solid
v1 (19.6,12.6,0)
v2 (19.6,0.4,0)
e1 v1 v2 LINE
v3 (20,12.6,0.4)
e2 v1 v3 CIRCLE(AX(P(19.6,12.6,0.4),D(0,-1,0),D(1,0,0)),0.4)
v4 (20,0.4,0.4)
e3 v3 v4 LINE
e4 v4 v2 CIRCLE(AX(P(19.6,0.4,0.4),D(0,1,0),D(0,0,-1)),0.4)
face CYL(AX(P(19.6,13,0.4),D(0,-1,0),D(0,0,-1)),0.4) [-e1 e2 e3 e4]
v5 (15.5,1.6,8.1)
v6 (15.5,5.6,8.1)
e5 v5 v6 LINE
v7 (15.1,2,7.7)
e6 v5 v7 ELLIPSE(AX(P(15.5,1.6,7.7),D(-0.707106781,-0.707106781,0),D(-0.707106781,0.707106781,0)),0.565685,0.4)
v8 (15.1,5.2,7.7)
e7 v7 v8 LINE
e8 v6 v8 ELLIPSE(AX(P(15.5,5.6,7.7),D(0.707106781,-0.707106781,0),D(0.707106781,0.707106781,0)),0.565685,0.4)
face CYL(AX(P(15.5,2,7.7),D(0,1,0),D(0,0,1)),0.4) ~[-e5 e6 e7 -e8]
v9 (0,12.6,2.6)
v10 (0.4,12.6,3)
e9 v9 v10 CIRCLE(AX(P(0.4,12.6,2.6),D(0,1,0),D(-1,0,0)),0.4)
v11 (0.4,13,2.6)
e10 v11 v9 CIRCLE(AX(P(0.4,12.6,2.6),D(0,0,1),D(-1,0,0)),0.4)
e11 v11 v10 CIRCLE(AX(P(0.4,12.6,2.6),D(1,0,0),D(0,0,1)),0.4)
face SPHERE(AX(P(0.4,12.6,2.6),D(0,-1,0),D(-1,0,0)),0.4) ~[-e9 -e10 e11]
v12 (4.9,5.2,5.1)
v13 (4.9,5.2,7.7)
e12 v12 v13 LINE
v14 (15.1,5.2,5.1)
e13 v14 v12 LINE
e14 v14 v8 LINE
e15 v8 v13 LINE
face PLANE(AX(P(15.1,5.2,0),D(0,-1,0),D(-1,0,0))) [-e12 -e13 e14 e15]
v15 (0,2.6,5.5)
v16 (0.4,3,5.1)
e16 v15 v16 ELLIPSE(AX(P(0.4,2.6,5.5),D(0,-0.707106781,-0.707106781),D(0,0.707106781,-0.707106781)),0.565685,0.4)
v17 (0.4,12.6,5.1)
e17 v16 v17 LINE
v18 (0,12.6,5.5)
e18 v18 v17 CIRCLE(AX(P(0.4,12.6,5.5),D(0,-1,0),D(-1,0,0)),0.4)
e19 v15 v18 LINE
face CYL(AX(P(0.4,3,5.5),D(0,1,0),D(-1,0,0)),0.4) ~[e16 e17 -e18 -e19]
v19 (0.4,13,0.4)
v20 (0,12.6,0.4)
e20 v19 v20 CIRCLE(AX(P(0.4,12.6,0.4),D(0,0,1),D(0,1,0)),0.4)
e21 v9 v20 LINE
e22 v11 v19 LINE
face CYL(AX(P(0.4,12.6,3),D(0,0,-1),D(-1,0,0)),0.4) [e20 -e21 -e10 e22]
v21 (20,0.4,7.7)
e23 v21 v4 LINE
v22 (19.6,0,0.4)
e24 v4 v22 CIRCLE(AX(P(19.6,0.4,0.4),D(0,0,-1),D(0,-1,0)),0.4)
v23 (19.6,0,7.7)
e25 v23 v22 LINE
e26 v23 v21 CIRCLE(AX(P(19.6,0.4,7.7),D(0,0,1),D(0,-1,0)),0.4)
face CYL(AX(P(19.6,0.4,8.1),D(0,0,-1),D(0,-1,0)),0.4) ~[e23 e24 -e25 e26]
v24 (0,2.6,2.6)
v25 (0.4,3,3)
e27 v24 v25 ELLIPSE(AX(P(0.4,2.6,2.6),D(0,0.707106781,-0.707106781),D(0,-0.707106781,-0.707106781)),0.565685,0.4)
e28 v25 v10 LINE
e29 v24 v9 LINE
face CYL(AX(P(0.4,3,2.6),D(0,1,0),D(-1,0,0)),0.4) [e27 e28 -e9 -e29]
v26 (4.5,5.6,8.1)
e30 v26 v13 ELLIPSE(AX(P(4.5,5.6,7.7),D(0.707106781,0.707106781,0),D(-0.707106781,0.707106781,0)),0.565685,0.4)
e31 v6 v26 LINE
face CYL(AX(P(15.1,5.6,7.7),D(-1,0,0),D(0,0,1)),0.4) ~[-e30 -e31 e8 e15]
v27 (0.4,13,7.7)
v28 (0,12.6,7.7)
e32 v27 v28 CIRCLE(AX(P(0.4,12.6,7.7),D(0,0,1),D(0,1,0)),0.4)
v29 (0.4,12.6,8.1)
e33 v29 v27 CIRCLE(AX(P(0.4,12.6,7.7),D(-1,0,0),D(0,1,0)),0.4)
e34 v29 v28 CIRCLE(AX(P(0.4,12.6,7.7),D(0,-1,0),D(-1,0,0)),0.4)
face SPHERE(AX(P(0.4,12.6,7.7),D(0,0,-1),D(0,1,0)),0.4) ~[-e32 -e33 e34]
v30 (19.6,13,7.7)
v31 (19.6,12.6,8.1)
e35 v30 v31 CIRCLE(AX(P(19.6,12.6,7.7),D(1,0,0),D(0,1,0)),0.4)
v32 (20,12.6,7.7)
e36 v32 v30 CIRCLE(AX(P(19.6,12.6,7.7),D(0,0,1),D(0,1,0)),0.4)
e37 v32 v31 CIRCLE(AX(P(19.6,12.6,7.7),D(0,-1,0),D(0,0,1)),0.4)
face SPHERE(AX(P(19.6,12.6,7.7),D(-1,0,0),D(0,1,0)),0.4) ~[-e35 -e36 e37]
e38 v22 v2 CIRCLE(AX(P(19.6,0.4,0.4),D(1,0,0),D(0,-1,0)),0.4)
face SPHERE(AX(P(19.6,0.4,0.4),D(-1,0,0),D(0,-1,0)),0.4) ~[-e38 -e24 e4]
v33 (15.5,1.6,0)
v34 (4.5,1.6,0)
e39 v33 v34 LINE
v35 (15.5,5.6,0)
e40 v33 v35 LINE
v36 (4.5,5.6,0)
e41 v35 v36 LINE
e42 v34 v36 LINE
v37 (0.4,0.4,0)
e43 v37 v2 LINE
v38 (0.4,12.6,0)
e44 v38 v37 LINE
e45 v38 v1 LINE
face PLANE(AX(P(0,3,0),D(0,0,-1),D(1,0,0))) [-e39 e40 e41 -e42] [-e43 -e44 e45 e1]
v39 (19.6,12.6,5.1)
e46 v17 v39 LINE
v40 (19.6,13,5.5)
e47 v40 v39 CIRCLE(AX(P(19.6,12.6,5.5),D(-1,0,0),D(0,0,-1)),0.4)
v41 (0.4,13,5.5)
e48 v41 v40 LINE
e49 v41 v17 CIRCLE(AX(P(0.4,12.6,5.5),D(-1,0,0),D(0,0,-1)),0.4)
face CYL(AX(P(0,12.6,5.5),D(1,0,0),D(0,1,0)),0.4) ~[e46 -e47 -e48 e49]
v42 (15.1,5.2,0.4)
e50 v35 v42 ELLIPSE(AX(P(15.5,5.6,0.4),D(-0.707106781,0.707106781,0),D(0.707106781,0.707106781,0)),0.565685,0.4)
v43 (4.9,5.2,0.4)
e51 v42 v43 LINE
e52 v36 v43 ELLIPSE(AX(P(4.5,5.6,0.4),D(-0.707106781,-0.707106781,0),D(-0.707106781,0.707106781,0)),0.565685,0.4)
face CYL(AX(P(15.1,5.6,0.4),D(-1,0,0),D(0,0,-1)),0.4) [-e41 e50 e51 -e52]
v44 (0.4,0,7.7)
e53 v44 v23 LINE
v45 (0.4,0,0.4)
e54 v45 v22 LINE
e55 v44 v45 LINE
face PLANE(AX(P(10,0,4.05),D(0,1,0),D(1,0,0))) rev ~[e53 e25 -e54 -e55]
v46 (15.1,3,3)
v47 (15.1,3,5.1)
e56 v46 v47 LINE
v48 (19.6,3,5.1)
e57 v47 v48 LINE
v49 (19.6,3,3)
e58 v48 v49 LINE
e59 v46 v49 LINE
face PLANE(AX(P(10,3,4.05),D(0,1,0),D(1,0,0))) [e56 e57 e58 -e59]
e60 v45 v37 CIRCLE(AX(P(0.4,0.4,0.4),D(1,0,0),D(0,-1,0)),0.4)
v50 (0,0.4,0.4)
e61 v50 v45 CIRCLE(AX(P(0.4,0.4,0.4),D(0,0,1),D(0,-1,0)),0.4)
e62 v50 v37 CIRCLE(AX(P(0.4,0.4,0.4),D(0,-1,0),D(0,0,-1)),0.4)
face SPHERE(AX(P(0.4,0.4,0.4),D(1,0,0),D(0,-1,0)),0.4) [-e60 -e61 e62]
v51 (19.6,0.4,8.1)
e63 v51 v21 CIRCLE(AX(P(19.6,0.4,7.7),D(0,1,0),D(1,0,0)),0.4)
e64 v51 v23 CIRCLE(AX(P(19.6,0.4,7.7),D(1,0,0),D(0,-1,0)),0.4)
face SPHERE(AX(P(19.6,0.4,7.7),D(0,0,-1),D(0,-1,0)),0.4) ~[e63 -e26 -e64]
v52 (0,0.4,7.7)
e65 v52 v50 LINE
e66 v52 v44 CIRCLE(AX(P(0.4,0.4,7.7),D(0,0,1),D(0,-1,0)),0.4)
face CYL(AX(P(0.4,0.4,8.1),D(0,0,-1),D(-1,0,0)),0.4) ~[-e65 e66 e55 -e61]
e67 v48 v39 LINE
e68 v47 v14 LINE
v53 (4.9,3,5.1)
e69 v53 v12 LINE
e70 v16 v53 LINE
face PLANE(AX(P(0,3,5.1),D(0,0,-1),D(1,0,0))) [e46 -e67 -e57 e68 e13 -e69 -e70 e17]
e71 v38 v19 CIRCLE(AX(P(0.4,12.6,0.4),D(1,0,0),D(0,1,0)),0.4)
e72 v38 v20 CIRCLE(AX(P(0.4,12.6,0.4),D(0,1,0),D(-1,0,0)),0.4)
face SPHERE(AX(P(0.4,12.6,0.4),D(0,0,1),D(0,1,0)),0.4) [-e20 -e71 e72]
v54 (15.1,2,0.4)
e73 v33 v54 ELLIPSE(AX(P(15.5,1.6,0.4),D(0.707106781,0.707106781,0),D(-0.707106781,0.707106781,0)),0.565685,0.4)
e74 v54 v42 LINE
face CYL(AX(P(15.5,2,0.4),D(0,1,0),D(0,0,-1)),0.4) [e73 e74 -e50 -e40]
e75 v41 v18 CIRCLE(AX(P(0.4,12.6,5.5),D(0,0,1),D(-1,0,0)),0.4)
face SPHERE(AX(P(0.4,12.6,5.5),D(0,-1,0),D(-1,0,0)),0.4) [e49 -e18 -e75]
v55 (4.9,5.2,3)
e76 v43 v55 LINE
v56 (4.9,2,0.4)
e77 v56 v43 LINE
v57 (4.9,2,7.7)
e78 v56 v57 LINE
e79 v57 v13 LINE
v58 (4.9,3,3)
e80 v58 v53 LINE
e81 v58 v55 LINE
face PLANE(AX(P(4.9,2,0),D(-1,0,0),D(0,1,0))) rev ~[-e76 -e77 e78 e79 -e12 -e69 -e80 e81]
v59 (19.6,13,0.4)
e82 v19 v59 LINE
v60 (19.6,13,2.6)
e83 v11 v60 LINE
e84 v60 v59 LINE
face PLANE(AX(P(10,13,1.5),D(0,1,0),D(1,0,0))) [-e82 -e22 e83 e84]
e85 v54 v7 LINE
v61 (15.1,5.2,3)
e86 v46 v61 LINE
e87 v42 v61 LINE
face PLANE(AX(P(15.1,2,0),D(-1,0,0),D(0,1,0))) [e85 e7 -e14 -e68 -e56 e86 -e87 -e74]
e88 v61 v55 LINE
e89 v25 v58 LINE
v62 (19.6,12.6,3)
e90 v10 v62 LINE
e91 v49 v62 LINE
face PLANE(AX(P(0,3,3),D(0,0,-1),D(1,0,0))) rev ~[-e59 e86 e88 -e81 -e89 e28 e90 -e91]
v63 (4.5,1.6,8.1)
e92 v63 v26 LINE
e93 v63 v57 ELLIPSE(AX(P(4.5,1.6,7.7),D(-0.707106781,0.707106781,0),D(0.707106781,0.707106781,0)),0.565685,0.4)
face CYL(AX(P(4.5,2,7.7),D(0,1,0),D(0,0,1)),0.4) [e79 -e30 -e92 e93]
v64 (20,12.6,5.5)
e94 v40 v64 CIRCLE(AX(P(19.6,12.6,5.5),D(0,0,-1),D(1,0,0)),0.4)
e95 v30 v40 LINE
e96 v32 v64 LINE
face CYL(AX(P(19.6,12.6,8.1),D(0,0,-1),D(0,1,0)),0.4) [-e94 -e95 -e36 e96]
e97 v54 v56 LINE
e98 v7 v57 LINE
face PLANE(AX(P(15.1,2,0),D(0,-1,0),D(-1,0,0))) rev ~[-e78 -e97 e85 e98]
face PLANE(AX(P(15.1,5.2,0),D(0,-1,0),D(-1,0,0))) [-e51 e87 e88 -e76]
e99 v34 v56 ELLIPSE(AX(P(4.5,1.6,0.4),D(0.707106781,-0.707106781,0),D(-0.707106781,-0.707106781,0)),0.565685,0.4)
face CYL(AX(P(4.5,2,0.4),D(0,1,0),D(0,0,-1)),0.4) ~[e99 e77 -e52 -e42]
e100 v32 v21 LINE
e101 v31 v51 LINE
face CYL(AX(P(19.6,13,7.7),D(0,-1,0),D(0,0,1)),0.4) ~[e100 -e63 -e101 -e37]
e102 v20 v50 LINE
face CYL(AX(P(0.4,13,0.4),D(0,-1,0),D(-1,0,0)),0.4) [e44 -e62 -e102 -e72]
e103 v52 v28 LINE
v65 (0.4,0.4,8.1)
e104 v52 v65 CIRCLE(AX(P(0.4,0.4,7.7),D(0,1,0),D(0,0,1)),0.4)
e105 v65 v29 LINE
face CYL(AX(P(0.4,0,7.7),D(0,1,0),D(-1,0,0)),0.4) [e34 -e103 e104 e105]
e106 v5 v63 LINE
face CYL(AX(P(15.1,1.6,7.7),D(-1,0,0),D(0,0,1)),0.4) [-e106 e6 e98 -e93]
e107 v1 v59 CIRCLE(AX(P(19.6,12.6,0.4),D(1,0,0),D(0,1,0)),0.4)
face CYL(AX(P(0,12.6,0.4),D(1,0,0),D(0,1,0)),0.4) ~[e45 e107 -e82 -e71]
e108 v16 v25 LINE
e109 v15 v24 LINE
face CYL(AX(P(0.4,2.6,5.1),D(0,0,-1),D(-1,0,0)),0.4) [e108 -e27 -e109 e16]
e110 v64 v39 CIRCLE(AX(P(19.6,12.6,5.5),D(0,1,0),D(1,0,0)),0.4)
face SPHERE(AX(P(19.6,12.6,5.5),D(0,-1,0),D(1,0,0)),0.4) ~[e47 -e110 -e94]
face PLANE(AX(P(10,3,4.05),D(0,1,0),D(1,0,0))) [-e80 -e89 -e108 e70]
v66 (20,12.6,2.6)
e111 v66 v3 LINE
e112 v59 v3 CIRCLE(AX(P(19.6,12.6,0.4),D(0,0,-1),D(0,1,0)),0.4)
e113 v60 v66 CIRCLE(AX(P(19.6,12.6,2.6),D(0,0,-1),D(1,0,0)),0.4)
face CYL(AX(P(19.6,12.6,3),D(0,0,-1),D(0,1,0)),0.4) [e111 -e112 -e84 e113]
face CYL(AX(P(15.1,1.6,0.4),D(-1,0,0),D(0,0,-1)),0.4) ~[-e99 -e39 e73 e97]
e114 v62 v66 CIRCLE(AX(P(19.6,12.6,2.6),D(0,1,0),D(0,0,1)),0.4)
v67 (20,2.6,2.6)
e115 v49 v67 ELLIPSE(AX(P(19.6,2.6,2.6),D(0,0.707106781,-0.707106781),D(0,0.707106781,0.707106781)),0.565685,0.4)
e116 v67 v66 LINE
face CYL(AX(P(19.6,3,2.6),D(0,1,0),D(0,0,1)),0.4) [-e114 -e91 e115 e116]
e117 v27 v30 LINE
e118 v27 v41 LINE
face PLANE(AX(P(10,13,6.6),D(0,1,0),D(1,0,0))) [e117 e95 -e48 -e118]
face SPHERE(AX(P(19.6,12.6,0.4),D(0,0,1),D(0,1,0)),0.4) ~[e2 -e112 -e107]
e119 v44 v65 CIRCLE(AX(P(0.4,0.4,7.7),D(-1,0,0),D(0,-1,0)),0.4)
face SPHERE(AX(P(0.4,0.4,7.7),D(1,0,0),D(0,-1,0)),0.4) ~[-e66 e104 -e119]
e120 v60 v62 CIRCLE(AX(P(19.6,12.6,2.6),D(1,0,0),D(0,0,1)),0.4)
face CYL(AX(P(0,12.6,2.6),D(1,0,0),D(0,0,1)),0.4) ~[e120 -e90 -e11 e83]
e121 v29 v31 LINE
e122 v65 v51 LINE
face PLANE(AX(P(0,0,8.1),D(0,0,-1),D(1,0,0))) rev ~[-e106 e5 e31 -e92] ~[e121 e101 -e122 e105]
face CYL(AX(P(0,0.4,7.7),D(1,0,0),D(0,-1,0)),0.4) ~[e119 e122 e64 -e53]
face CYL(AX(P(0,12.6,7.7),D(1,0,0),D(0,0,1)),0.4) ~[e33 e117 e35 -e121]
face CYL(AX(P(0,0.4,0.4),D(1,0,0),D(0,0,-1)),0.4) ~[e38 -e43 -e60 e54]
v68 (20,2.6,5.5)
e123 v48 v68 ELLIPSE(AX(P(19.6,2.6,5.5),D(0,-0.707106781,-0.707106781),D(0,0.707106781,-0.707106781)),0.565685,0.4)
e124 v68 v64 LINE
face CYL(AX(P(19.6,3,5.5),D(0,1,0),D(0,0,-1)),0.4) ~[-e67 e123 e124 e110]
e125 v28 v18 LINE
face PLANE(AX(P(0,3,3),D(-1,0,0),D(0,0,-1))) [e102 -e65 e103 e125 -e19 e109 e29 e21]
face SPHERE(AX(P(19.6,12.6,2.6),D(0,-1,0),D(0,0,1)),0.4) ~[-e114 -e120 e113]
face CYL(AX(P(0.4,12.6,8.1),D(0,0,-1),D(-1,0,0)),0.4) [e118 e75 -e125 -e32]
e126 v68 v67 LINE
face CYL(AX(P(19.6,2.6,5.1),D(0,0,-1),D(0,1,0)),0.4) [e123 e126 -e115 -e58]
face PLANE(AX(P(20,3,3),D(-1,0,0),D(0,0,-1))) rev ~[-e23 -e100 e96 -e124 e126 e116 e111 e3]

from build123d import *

# Parameters (mm, degrees)
SKETCH1_W           = 20
SKETCH1_H           = 8.1
BOSS_EXTRUDE1_DEPTH = 3
SKETCH2_W           = 20
SKETCH2_H           = 3
BOSS_EXTRUDE2_DEPTH = 10
SKETCH3_W           = 10.2
SKETCH3_H           = 3.2
CUT_EXTRUDE1_DEPTH  = 26.191466809
FILLET1_R           = 0.4


with BuildPart() as part:
    # Sketch1 → Boss-Extrude1 (new body)
    with BuildSketch(Plane(origin=(0, 0, 0), x_dir=(1, 0, 0), z_dir=(0, 1, 0))):
        with Locations((10, -4.05)):
            Rectangle(SKETCH1_W, SKETCH1_H)
    extrude(amount=BOSS_EXTRUDE1_DEPTH)

    # Sketch2 → Boss-Extrude2 (add)
    with BuildSketch(Plane(origin=(0, 3, 0), x_dir=(1, 0, 0), z_dir=(0, 1, 0))):
        with Locations((10, -1.5)):
            Rectangle(SKETCH2_W, SKETCH2_H)
        with Locations((10, -6.6)):
            Rectangle(SKETCH2_W, SKETCH2_H)
    extrude(amount=BOSS_EXTRUDE2_DEPTH)

    # Sketch3 → Cut-Extrude1 (cut, through all)
    with BuildSketch(Plane(origin=(0, 0, 0), x_dir=(-1, 0, 0), z_dir=(0, 0, -1))):
        with Locations((-10, 3.6)):
            Rectangle(SKETCH3_W, SKETCH3_H)
    extrude(amount=-CUT_EXTRUDE1_DEPTH, mode=Mode.SUBTRACT)

    # Fillet1
    fillet1_edges = [part.edges().sort_by_distance(p)[0] for p in [
        (0, 3, 4.05),
        (0, 8, 3),
        (20, 8, 3),
        (0, 13, 1.5),
        (10, 13, 3),
        (20, 13, 1.5),
        (10, 13, 0),
        (20, 3, 4.05),
        (0, 8, 5.1),
        (20, 8, 5.1),
        (0, 13, 6.6),
        (10, 13, 8.1),
        (20, 13, 6.6),
        (10, 13, 5.1),
        (15.1, 3.6, 8.1),
        (10, 5.2, 8.1),
        (4.9, 3.6, 8.1),
        (10, 2, 8.1),
        (15.1, 3.6, 0),
        (10, 2, 0),
        (4.9, 3.6, 0),
        (10, 0, 0),
        (10, 5.2, 0),
        (20, 0, 4.05),
        (10, 0, 8.1),
        (0, 0, 4.05),
        (0, 6.5, 0),
        (20, 6.5, 0),
        (20, 6.5, 8.1),
        (0, 6.5, 8.1),
    ]]
    fillet(fillet1_edges, radius=FILLET1_R)


solid = part.part
